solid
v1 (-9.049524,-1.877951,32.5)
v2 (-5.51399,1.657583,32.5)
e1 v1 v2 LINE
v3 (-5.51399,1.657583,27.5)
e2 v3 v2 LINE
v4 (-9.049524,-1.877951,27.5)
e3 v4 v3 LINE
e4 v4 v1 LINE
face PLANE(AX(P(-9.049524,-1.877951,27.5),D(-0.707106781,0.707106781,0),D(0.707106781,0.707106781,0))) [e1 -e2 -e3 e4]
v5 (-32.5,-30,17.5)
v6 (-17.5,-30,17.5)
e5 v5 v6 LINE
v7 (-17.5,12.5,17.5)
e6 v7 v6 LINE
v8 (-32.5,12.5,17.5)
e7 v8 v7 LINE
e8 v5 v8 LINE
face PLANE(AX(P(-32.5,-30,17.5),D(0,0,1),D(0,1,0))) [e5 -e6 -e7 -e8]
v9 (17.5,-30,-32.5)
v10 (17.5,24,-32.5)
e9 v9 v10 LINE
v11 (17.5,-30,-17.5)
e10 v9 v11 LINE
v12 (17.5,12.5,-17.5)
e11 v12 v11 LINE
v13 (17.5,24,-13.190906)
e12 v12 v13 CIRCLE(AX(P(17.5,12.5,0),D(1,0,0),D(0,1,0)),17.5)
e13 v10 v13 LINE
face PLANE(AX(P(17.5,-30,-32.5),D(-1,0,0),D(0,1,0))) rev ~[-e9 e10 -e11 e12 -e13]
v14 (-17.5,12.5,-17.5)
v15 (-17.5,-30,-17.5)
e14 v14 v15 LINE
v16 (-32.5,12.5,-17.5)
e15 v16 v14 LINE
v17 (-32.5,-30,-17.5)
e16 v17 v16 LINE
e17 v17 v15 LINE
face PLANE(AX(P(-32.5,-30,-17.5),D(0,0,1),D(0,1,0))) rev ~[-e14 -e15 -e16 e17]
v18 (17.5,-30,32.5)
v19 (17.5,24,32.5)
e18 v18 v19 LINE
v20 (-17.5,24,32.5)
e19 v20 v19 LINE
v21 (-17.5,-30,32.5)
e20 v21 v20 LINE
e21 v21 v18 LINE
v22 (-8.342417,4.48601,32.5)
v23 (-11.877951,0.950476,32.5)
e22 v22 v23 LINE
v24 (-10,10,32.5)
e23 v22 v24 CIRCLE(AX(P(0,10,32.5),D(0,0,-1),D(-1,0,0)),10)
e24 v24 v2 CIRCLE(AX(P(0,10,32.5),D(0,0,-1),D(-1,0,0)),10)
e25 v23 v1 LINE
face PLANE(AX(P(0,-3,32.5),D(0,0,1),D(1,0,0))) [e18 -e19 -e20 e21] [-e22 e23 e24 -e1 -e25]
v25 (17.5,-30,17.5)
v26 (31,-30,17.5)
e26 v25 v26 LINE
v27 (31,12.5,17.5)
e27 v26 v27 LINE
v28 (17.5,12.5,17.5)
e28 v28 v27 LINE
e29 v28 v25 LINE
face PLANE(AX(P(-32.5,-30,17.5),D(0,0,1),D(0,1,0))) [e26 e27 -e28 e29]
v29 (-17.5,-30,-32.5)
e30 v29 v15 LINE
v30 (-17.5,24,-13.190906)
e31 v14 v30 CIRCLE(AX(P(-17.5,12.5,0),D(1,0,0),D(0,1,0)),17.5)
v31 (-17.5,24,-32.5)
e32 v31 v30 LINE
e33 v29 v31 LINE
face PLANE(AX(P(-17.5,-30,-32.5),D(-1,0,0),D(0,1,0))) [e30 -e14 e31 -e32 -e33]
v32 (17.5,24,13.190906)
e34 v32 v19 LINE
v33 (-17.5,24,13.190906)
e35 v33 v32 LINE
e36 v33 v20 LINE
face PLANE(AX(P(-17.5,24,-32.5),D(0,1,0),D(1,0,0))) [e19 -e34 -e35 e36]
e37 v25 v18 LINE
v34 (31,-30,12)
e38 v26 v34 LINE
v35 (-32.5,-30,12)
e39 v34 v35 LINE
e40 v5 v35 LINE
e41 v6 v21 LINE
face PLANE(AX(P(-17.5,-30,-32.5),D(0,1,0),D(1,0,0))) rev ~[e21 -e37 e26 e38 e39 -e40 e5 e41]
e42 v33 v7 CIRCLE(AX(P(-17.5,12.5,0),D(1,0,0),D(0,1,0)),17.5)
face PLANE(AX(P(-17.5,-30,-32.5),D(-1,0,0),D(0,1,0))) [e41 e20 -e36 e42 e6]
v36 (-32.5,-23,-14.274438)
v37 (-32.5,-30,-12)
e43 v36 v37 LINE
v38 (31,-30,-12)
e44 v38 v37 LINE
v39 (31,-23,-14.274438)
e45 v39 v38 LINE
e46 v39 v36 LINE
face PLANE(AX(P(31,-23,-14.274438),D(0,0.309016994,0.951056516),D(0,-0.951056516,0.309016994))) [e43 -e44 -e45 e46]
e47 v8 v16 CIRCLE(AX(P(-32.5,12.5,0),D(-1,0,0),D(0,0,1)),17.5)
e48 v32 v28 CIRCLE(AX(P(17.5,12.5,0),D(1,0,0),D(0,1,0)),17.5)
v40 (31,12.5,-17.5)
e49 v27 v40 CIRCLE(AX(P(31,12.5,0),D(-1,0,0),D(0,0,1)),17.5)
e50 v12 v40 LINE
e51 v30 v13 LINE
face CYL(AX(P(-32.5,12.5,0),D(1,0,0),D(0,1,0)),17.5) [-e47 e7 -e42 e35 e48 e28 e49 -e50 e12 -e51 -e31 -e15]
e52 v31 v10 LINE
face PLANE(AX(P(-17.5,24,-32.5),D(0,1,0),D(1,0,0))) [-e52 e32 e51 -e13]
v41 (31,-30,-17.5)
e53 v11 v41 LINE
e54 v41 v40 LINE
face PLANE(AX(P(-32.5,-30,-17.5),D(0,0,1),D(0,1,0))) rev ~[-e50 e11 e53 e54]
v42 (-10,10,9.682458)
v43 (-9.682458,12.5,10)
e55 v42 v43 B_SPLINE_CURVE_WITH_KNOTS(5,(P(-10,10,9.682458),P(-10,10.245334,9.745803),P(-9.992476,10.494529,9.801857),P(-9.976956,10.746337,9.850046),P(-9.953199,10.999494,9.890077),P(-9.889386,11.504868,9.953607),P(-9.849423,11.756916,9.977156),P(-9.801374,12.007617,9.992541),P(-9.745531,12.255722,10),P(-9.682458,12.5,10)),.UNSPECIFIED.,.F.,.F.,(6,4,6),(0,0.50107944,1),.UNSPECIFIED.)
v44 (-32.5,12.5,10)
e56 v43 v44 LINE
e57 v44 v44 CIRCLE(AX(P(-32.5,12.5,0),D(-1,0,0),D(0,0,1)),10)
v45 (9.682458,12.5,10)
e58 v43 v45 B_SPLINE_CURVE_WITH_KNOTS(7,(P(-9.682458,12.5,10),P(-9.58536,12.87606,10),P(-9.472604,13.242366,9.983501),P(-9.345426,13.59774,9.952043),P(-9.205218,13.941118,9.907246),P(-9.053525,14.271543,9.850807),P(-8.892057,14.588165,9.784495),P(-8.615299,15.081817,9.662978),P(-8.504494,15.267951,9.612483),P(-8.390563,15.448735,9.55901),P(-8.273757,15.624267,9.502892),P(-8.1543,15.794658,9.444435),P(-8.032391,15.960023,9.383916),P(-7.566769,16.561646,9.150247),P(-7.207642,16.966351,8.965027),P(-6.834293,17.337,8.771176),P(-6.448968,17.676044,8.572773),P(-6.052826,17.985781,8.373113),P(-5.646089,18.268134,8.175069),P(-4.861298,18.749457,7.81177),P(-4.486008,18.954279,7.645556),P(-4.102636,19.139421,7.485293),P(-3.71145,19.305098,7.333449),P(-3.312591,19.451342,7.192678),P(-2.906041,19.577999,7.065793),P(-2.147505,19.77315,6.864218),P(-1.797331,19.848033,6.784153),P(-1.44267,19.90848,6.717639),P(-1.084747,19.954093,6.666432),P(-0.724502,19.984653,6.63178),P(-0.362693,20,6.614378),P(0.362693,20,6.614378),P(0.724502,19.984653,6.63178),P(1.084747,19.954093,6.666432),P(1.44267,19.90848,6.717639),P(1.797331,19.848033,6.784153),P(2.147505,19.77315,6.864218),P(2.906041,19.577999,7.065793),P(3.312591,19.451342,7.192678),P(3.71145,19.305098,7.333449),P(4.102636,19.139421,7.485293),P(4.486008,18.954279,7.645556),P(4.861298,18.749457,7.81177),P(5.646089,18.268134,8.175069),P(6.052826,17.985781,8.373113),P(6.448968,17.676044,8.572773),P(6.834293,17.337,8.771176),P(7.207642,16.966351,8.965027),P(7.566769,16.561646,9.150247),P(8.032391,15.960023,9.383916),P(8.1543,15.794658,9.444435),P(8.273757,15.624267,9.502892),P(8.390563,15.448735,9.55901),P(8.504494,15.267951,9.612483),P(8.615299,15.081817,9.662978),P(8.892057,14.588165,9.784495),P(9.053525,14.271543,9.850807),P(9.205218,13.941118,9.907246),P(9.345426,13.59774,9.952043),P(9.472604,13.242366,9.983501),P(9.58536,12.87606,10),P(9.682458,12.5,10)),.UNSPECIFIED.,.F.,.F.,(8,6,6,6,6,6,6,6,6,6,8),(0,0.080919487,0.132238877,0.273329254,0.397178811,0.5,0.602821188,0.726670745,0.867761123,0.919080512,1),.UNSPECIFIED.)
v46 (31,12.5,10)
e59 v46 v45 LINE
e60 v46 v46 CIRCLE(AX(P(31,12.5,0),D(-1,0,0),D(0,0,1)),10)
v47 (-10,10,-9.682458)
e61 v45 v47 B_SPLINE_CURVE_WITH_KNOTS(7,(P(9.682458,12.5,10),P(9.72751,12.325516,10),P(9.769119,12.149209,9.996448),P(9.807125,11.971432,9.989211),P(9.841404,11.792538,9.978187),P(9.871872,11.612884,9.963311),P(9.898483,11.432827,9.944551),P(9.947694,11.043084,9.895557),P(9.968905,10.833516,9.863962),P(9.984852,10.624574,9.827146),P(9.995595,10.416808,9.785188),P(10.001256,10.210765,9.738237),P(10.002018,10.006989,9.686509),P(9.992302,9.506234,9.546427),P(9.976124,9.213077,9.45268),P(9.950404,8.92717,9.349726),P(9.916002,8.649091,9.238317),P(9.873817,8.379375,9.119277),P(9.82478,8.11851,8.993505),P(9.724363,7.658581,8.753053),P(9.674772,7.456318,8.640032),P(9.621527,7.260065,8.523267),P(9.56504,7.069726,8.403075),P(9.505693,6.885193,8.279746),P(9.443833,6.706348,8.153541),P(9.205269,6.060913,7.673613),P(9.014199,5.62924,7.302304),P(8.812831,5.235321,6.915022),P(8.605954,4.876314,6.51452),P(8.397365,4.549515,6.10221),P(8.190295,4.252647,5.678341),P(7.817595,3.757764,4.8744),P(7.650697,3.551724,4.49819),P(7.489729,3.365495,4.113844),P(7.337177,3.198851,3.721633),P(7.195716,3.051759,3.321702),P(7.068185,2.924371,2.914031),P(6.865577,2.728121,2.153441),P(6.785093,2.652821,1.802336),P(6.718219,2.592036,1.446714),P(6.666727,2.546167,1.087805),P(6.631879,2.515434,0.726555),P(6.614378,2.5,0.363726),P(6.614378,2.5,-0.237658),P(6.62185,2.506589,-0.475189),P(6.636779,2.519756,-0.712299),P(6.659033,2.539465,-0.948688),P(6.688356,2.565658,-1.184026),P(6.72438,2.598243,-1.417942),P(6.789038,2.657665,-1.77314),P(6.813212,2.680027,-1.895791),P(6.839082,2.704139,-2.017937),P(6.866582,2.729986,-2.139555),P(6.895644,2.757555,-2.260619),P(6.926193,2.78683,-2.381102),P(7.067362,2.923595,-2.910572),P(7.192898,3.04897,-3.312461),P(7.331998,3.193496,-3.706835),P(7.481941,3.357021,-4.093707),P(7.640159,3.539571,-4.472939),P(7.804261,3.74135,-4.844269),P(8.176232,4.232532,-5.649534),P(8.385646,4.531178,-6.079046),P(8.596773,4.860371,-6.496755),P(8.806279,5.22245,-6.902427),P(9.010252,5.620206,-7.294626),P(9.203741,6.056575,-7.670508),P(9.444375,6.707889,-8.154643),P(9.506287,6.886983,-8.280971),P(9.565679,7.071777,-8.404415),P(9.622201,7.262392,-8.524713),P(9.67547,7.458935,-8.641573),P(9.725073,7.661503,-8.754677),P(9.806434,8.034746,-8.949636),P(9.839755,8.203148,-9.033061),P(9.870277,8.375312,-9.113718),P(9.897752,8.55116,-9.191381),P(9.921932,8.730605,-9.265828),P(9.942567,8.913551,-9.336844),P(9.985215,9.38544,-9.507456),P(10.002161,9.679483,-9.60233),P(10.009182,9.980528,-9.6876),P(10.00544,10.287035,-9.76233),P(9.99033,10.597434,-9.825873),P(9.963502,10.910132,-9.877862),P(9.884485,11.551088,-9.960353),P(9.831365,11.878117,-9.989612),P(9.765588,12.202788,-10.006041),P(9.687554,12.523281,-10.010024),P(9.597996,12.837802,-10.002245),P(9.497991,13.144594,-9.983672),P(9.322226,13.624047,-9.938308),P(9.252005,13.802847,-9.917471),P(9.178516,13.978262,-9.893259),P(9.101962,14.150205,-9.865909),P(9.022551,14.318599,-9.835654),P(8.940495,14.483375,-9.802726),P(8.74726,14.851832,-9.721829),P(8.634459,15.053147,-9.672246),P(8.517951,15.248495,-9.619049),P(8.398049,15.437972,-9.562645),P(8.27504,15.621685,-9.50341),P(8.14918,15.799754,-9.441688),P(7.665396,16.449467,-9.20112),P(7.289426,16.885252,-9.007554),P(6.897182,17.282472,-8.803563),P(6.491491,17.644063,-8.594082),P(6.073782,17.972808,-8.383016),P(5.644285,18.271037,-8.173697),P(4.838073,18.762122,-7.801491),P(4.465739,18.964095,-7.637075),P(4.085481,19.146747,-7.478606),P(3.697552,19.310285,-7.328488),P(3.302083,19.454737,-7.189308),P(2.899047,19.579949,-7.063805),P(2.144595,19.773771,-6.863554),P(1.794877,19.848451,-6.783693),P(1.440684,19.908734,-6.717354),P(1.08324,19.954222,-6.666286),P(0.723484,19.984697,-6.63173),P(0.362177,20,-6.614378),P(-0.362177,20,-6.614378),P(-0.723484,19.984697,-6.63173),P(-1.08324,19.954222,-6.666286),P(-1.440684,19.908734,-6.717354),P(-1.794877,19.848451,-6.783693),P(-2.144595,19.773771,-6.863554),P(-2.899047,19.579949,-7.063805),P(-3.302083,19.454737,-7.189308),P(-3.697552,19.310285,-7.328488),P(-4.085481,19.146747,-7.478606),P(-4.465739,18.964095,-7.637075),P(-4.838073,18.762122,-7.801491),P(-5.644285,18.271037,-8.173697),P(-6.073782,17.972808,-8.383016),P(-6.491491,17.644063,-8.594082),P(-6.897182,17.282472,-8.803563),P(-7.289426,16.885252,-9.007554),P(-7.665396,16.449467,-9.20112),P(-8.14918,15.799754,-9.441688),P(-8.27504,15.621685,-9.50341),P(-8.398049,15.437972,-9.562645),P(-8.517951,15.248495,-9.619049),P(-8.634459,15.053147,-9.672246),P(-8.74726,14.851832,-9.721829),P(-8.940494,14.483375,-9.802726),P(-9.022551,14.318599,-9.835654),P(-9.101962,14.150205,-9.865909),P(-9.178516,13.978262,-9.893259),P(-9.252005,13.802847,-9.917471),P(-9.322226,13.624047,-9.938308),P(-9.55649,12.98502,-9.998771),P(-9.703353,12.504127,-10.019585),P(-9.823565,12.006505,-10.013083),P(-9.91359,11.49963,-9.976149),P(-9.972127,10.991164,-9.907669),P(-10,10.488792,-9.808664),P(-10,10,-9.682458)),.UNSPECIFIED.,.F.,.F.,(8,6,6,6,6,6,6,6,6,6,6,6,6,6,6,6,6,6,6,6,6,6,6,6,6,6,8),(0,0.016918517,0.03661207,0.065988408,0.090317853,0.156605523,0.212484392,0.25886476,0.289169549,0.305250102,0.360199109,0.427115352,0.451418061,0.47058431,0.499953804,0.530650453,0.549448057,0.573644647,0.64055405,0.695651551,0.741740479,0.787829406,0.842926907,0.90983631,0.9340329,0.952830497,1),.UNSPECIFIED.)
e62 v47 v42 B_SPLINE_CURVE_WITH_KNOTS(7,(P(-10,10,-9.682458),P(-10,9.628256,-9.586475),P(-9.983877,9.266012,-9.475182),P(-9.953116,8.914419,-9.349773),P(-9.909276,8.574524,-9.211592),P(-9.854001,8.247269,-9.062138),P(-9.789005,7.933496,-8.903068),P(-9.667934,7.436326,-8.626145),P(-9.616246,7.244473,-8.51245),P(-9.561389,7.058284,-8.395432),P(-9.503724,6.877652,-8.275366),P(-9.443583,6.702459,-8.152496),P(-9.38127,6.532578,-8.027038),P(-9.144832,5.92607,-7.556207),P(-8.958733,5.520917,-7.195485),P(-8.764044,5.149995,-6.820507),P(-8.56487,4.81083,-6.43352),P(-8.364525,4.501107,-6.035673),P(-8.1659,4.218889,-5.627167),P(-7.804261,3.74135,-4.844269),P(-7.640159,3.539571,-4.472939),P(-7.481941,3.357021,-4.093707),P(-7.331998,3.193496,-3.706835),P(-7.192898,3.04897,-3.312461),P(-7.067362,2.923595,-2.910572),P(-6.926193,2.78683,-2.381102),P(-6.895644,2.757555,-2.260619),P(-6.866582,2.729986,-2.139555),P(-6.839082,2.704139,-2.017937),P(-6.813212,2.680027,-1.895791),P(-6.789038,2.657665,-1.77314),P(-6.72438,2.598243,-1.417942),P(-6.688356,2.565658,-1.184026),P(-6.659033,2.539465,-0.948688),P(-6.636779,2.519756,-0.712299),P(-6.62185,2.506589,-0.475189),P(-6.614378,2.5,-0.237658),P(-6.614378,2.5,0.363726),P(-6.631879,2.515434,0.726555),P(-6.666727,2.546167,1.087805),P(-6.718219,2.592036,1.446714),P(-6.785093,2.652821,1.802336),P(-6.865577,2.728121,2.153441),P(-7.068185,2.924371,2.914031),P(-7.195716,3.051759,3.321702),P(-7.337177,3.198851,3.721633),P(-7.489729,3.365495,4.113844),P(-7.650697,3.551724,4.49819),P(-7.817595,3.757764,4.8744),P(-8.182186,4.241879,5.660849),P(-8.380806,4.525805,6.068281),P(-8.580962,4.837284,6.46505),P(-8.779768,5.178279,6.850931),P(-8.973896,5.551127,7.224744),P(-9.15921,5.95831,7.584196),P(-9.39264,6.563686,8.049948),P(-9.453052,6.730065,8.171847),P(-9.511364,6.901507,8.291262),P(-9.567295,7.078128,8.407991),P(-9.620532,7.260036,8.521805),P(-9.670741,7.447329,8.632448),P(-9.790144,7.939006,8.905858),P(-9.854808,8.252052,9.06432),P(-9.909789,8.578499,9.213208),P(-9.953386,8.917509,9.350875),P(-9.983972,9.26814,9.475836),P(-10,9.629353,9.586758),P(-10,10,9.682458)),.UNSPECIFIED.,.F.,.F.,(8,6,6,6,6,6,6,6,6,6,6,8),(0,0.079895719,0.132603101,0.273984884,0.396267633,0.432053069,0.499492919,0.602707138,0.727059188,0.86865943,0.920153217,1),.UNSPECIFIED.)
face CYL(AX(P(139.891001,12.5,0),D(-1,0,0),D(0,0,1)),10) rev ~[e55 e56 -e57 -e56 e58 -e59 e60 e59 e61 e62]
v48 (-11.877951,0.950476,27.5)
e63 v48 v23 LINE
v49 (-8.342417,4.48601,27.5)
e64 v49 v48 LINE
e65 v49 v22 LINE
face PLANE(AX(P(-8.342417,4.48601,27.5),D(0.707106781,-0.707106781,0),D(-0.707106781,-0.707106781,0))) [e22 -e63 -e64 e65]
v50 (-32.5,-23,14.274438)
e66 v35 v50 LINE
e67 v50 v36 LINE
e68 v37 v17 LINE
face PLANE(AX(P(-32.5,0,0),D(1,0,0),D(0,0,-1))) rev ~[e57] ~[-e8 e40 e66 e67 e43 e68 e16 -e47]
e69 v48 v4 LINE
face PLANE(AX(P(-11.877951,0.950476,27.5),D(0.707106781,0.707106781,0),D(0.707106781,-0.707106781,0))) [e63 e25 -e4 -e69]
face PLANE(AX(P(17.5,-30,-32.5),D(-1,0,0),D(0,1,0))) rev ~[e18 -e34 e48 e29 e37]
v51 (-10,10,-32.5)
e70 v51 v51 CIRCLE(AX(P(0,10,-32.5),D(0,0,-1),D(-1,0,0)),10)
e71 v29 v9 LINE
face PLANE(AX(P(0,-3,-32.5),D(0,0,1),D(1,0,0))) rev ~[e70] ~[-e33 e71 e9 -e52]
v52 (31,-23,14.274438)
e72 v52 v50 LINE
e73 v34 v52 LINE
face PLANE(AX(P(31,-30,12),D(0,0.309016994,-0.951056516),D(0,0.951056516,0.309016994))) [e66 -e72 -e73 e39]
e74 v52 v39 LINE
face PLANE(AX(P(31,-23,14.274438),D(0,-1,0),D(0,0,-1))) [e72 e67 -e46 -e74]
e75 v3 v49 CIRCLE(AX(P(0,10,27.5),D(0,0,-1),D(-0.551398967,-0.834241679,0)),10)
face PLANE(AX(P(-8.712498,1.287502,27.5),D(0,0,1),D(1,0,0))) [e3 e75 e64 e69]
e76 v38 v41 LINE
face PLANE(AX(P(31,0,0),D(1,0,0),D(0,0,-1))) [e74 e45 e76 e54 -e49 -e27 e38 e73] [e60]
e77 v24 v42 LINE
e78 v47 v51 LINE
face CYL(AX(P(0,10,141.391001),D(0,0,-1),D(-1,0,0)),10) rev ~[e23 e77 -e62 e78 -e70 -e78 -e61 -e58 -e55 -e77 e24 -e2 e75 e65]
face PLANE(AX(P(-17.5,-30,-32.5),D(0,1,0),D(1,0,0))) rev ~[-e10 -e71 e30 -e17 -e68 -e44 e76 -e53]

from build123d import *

# Parameters (mm, degrees)
BOSS_EXTRUDE1_DEPTH      = 31
BOSS_EXTRUDE1_DEPTH_BACK = 32.5
SKETCH1_W                = 35
SKETCH1_H                = 60
FILLET2_RADIUS           = 17.5
FILLET2_LENGTH           = 63.5
BOSS_EXTRUDE2_DEPTH      = 32.5
BOSS_EXTRUDE2_DEPTH_BACK = 32.5
SKETCH8_W                = 35
SKETCH8_H                = 54
HOLE2_D                  = 20
CUT_EXTRUDE1_START       = -5
CUT_EXTRUDE1_DEPTH       = 5
CUT_EXTRUDE2_DEPTH       = 78.38539914
HOLE3_D                  = 20


with BuildPart() as part:
    # Sketch1 → Boss-Extrude1 (new, two sides: drawn at the far end of the back side and taken through both)
    with BuildSketch(Plane(origin=(0, 0, 0), x_dir=(0, 0, -1), z_dir=(1, 0, 0)).offset(-BOSS_EXTRUDE1_DEPTH_BACK)):
        Rectangle(SKETCH1_W, SKETCH1_H)
    extrude(amount=BOSS_EXTRUDE1_DEPTH + BOSS_EXTRUDE1_DEPTH_BACK)

    # Fillet2: full round fillet: the end face becomes a half cylinder, R = half its width
    fillet2_face = Plane((-0.75, 30, 0), x_dir=(1, 0, 0), z_dir=(0, 1, 0))  # on the end face: x along it, z out of the body
    fillet2_slab = fillet2_face.offset(-FILLET2_RADIUS / 2) * Box(FILLET2_LENGTH, 2 * FILLET2_RADIUS, FILLET2_RADIUS, mode=Mode.PRIVATE)  # the body's end, R deep
    fillet2_round = Plane((-0.75, 12.5, 0), x_dir=(0, 1, 0), z_dir=(1, 0, 0)) * Cylinder(FILLET2_RADIUS, FILLET2_LENGTH, mode=Mode.PRIVATE)  # its axis R under the face
    add(fillet2_slab - fillet2_round, mode=Mode.SUBTRACT)

    # Sketch8 → Boss-Extrude2 (add, two sides: drawn at the far end of the back side and taken through both)
    with BuildSketch(Plane.XY.offset(-BOSS_EXTRUDE2_DEPTH_BACK)):
        with Locations((0, -3)):
            Rectangle(SKETCH8_W, SKETCH8_H)
    extrude(amount=BOSS_EXTRUDE2_DEPTH + BOSS_EXTRUDE2_DEPTH_BACK)

    # Hole2 (through all)
    with Locations(Plane.XY.offset(32.5)):
        with Locations((0, 10)):
            Hole(HOLE2_D / 2)

    # Sketch14 → Cut-Extrude1 (cut)
    with BuildSketch(Plane.XY.offset(32.5).offset(CUT_EXTRUDE1_START)):
        with BuildLine():
            Line((-8.342416793, 4.486010332), (-11.877950699, 0.950476426))
            Line((-11.877950699, 0.950476426), (-9.049523574, -1.877950699))
            Line((-9.049523574, -1.877950699), (-5.513989668, 1.657583207))
            ThreePointArc((-5.513989668, 1.657583207), (-7.071067812, 2.928932188), (-8.342416793, 4.486010332))
        make_face()
    extrude(amount=CUT_EXTRUDE1_DEPTH, mode=Mode.SUBTRACT)

    # Sketch15 → Cut-Extrude2 (cut, through all)
    with BuildSketch(Plane(origin=(31, 0, 0), x_dir=(0, 0, -1), z_dir=(1, 0, 0))):
        Polygon((-12, -30), (-14.274437874, -23), (14.274437874, -23), (12, -30), align=None)
    extrude(amount=-CUT_EXTRUDE2_DEPTH, mode=Mode.SUBTRACT)

    # Hole3 (through all)
    with Locations(Plane(origin=(31, 0, 0), x_dir=(0, 0, -1), z_dir=(1, 0, 0))):
        with Locations((0, 12.5)):
            Hole(HOLE3_D / 2)


solid = part.part
